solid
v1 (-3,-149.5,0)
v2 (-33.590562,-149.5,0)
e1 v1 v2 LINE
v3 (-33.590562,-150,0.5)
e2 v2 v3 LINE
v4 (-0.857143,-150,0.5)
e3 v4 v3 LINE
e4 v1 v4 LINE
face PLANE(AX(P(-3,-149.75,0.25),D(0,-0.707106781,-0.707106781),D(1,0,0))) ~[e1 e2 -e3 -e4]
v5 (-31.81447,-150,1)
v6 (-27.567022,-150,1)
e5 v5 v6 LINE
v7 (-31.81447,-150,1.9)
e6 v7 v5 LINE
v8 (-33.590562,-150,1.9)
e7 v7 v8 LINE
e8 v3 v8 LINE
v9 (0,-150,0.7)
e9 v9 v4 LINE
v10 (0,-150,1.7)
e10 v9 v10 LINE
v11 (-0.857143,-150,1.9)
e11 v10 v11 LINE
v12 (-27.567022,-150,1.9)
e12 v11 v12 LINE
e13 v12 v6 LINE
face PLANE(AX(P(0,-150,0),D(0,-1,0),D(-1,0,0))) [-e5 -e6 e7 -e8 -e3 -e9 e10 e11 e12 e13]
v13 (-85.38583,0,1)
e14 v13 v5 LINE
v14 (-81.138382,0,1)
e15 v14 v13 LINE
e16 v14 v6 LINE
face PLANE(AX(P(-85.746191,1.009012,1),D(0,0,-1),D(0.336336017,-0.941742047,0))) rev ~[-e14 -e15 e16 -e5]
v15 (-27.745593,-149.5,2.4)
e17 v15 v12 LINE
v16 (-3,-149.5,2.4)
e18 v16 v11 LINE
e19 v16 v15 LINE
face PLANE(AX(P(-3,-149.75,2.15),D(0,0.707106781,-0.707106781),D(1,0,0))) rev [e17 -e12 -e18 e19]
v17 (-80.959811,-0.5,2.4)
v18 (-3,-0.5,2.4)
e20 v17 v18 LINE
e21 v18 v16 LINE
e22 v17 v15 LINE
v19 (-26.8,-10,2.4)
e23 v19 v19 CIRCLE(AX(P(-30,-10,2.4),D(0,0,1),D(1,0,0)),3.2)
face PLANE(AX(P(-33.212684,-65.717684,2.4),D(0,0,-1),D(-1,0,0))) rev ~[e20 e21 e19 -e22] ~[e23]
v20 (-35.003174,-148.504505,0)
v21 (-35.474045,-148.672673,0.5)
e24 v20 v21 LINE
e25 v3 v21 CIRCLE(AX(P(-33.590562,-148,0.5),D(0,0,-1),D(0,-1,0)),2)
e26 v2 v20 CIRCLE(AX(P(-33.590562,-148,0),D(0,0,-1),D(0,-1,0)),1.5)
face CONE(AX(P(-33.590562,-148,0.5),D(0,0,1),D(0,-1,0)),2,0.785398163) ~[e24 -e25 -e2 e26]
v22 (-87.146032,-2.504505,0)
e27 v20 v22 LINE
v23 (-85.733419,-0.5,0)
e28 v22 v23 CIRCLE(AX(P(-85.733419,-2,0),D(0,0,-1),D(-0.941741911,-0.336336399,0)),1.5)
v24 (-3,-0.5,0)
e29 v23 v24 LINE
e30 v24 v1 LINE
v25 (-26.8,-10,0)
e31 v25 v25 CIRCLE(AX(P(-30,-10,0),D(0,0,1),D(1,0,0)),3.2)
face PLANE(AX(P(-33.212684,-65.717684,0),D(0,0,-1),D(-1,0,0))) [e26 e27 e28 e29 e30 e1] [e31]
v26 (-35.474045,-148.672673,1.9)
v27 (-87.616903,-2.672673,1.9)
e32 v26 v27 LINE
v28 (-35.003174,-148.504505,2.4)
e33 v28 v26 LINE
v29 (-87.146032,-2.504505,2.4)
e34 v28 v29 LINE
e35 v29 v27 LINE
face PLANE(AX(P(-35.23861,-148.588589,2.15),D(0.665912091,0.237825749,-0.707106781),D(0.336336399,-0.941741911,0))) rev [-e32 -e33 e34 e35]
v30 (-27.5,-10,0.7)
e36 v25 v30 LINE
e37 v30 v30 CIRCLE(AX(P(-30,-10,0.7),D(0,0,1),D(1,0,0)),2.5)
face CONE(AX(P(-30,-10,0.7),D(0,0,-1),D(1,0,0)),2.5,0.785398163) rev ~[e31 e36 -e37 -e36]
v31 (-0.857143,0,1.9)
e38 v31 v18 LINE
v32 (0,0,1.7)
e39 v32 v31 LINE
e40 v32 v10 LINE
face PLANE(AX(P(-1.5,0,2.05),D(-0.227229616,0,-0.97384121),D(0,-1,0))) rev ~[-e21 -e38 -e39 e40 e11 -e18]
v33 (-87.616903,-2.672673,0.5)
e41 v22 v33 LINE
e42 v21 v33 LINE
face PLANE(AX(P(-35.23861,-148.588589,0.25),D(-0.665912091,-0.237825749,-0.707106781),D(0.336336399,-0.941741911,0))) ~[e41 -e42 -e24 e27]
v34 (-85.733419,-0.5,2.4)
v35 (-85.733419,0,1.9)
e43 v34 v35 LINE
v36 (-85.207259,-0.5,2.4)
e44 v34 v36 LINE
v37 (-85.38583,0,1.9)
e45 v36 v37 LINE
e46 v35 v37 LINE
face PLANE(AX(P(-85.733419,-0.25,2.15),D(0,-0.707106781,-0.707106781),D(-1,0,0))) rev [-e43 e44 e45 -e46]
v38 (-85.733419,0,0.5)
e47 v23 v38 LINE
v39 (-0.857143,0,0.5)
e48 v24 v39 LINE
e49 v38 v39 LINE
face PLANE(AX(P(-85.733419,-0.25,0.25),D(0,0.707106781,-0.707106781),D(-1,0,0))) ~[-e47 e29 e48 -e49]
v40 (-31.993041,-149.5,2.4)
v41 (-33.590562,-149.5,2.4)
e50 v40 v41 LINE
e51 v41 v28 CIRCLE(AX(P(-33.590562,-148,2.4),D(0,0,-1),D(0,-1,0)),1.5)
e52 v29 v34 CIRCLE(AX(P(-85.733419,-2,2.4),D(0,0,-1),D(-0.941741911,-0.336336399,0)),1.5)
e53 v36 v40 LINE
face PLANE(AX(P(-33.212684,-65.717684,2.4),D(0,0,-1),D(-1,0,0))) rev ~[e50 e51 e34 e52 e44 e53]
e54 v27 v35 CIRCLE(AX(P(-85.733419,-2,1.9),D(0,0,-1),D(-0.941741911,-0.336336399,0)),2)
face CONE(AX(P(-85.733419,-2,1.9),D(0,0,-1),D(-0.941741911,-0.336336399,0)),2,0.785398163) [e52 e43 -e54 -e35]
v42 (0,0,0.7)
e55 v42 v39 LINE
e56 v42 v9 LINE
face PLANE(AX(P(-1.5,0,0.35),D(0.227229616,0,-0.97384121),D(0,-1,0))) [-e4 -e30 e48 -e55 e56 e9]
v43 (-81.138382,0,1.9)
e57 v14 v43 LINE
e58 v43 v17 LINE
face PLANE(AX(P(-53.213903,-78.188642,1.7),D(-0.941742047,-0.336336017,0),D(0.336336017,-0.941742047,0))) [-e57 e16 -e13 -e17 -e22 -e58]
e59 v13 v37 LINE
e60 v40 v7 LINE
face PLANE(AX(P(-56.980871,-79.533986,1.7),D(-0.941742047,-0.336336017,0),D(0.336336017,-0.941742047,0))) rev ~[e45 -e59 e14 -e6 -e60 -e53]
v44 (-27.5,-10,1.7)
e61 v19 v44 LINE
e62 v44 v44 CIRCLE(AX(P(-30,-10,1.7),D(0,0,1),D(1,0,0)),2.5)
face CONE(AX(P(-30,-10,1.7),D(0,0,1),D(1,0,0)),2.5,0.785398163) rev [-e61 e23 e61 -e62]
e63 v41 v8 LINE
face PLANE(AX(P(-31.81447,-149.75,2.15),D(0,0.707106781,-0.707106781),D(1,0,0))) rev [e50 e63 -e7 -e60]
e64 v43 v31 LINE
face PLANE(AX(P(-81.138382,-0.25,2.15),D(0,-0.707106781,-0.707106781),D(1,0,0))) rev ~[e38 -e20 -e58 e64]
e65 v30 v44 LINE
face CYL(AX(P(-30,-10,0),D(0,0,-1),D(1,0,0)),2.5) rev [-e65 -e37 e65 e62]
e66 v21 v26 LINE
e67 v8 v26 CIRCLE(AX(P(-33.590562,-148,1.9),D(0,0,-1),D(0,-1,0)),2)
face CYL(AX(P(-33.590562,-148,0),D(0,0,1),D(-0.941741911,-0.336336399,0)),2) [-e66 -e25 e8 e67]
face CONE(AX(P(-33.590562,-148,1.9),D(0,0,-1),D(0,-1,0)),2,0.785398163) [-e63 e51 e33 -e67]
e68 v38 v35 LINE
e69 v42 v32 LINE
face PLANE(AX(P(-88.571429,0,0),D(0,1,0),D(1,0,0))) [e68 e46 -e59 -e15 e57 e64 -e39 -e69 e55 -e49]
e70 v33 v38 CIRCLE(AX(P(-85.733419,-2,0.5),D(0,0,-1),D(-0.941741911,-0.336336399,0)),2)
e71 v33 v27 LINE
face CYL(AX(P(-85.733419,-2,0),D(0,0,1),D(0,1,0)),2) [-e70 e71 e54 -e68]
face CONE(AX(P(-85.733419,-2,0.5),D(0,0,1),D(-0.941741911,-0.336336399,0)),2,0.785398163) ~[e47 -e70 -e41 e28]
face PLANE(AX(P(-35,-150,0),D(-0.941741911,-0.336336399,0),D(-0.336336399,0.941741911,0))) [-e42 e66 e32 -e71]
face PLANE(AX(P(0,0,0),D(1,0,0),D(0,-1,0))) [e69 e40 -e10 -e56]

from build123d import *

# Parameters (mm, degrees)
SKETCH_R         = 2.5
PAD_DEPTH        = 2.4
POCKET_START     = -3
SKETCH001_W      = 171.051082
SKETCH001_H      = 1.4
POCKET_DEPTH     = 4
CHAMFER001_SIZE2 = 3
CHAMFER001_SIZE  = 0.7
CHAMFER002_SIZE2 = 3
CHAMFER002_SIZE  = 0.7
FILLET001_R      = 2
CHAMFER003_SIZE  = 0.5
CHAMFER004_SIZE  = 0.7


with BuildPart() as part:
    # Sketch (on Origin) → Pad (new body)
    with BuildSketch(Plane.XY):
        Polygon((-88.571429, 0), (0, 0), (0, -150), (-35, -150), align=None)
        with Locations((-30, -10)):
            Circle(SKETCH_R, mode=Mode.SUBTRACT)
    extrude(amount=PAD_DEPTH)

    # Sketch001 (on Face4 of Pad) → Pocket (cut)
    with BuildSketch(Plane(origin=(-78.552036, -28.054299, 0), x_dir=(0.336336, -0.941742, 0), z_dir=(-0.941742, -0.336336, 0)).offset(POCKET_START)):
        with Locations((55.735746, 1.7)):
            Rectangle(SKETCH001_W, SKETCH001_H)
    extrude(amount=-POCKET_DEPTH, mode=Mode.SUBTRACT)

    # Chamfer001
    chamfer001_edges = [part.edges().sort_by_distance(p)[0] for p in [
        (0, -75, 2.4),
    ]]
    chamfer001_side = part.faces().sort_by_distance((0, -75, 1.2))[0]
    chamfer(chamfer001_edges, length=CHAMFER001_SIZE, length2=CHAMFER001_SIZE2, reference=chamfer001_side)

    # Chamfer002
    chamfer002_edges = [part.edges().sort_by_distance(p)[0] for p in [
        (0, -75, 0),
    ]]
    chamfer002_side = part.faces().sort_by_distance((0, -75, 0.85))[0]
    chamfer(chamfer002_edges, length=CHAMFER002_SIZE, length2=CHAMFER002_SIZE2, reference=chamfer002_side)

    # Fillet001
    fillet001_edges = [part.edges().sort_by_distance(p)[0] for p in [
        (-35, -150, 1.2),
        (-88.571429, 0, 1.2),
    ]]
    fillet(fillet001_edges, radius=FILLET001_R)

    # Chamfer003
    chamfer003_edges = [part.edges().sort_by_distance(p)[0] for p in [
        (-18.295281, -150, 0),
        (-61.545474, -75.672673, 2.4),
        (-42.069197, 0, 2.4),
        (-15.283483, -150, 2.4),
    ]]
    chamfer(chamfer003_edges, length=CHAMFER003_SIZE)

    # Chamfer004
    chamfer004_edges = [part.edges().sort_by_distance(p)[0] for p in [
        (-27.5, -10, 1.2),
        (-32.5, -10, 0),
        (-32.5, -10, 2.4),
    ]]
    chamfer(chamfer004_edges, length=CHAMFER004_SIZE)


solid = part.part
